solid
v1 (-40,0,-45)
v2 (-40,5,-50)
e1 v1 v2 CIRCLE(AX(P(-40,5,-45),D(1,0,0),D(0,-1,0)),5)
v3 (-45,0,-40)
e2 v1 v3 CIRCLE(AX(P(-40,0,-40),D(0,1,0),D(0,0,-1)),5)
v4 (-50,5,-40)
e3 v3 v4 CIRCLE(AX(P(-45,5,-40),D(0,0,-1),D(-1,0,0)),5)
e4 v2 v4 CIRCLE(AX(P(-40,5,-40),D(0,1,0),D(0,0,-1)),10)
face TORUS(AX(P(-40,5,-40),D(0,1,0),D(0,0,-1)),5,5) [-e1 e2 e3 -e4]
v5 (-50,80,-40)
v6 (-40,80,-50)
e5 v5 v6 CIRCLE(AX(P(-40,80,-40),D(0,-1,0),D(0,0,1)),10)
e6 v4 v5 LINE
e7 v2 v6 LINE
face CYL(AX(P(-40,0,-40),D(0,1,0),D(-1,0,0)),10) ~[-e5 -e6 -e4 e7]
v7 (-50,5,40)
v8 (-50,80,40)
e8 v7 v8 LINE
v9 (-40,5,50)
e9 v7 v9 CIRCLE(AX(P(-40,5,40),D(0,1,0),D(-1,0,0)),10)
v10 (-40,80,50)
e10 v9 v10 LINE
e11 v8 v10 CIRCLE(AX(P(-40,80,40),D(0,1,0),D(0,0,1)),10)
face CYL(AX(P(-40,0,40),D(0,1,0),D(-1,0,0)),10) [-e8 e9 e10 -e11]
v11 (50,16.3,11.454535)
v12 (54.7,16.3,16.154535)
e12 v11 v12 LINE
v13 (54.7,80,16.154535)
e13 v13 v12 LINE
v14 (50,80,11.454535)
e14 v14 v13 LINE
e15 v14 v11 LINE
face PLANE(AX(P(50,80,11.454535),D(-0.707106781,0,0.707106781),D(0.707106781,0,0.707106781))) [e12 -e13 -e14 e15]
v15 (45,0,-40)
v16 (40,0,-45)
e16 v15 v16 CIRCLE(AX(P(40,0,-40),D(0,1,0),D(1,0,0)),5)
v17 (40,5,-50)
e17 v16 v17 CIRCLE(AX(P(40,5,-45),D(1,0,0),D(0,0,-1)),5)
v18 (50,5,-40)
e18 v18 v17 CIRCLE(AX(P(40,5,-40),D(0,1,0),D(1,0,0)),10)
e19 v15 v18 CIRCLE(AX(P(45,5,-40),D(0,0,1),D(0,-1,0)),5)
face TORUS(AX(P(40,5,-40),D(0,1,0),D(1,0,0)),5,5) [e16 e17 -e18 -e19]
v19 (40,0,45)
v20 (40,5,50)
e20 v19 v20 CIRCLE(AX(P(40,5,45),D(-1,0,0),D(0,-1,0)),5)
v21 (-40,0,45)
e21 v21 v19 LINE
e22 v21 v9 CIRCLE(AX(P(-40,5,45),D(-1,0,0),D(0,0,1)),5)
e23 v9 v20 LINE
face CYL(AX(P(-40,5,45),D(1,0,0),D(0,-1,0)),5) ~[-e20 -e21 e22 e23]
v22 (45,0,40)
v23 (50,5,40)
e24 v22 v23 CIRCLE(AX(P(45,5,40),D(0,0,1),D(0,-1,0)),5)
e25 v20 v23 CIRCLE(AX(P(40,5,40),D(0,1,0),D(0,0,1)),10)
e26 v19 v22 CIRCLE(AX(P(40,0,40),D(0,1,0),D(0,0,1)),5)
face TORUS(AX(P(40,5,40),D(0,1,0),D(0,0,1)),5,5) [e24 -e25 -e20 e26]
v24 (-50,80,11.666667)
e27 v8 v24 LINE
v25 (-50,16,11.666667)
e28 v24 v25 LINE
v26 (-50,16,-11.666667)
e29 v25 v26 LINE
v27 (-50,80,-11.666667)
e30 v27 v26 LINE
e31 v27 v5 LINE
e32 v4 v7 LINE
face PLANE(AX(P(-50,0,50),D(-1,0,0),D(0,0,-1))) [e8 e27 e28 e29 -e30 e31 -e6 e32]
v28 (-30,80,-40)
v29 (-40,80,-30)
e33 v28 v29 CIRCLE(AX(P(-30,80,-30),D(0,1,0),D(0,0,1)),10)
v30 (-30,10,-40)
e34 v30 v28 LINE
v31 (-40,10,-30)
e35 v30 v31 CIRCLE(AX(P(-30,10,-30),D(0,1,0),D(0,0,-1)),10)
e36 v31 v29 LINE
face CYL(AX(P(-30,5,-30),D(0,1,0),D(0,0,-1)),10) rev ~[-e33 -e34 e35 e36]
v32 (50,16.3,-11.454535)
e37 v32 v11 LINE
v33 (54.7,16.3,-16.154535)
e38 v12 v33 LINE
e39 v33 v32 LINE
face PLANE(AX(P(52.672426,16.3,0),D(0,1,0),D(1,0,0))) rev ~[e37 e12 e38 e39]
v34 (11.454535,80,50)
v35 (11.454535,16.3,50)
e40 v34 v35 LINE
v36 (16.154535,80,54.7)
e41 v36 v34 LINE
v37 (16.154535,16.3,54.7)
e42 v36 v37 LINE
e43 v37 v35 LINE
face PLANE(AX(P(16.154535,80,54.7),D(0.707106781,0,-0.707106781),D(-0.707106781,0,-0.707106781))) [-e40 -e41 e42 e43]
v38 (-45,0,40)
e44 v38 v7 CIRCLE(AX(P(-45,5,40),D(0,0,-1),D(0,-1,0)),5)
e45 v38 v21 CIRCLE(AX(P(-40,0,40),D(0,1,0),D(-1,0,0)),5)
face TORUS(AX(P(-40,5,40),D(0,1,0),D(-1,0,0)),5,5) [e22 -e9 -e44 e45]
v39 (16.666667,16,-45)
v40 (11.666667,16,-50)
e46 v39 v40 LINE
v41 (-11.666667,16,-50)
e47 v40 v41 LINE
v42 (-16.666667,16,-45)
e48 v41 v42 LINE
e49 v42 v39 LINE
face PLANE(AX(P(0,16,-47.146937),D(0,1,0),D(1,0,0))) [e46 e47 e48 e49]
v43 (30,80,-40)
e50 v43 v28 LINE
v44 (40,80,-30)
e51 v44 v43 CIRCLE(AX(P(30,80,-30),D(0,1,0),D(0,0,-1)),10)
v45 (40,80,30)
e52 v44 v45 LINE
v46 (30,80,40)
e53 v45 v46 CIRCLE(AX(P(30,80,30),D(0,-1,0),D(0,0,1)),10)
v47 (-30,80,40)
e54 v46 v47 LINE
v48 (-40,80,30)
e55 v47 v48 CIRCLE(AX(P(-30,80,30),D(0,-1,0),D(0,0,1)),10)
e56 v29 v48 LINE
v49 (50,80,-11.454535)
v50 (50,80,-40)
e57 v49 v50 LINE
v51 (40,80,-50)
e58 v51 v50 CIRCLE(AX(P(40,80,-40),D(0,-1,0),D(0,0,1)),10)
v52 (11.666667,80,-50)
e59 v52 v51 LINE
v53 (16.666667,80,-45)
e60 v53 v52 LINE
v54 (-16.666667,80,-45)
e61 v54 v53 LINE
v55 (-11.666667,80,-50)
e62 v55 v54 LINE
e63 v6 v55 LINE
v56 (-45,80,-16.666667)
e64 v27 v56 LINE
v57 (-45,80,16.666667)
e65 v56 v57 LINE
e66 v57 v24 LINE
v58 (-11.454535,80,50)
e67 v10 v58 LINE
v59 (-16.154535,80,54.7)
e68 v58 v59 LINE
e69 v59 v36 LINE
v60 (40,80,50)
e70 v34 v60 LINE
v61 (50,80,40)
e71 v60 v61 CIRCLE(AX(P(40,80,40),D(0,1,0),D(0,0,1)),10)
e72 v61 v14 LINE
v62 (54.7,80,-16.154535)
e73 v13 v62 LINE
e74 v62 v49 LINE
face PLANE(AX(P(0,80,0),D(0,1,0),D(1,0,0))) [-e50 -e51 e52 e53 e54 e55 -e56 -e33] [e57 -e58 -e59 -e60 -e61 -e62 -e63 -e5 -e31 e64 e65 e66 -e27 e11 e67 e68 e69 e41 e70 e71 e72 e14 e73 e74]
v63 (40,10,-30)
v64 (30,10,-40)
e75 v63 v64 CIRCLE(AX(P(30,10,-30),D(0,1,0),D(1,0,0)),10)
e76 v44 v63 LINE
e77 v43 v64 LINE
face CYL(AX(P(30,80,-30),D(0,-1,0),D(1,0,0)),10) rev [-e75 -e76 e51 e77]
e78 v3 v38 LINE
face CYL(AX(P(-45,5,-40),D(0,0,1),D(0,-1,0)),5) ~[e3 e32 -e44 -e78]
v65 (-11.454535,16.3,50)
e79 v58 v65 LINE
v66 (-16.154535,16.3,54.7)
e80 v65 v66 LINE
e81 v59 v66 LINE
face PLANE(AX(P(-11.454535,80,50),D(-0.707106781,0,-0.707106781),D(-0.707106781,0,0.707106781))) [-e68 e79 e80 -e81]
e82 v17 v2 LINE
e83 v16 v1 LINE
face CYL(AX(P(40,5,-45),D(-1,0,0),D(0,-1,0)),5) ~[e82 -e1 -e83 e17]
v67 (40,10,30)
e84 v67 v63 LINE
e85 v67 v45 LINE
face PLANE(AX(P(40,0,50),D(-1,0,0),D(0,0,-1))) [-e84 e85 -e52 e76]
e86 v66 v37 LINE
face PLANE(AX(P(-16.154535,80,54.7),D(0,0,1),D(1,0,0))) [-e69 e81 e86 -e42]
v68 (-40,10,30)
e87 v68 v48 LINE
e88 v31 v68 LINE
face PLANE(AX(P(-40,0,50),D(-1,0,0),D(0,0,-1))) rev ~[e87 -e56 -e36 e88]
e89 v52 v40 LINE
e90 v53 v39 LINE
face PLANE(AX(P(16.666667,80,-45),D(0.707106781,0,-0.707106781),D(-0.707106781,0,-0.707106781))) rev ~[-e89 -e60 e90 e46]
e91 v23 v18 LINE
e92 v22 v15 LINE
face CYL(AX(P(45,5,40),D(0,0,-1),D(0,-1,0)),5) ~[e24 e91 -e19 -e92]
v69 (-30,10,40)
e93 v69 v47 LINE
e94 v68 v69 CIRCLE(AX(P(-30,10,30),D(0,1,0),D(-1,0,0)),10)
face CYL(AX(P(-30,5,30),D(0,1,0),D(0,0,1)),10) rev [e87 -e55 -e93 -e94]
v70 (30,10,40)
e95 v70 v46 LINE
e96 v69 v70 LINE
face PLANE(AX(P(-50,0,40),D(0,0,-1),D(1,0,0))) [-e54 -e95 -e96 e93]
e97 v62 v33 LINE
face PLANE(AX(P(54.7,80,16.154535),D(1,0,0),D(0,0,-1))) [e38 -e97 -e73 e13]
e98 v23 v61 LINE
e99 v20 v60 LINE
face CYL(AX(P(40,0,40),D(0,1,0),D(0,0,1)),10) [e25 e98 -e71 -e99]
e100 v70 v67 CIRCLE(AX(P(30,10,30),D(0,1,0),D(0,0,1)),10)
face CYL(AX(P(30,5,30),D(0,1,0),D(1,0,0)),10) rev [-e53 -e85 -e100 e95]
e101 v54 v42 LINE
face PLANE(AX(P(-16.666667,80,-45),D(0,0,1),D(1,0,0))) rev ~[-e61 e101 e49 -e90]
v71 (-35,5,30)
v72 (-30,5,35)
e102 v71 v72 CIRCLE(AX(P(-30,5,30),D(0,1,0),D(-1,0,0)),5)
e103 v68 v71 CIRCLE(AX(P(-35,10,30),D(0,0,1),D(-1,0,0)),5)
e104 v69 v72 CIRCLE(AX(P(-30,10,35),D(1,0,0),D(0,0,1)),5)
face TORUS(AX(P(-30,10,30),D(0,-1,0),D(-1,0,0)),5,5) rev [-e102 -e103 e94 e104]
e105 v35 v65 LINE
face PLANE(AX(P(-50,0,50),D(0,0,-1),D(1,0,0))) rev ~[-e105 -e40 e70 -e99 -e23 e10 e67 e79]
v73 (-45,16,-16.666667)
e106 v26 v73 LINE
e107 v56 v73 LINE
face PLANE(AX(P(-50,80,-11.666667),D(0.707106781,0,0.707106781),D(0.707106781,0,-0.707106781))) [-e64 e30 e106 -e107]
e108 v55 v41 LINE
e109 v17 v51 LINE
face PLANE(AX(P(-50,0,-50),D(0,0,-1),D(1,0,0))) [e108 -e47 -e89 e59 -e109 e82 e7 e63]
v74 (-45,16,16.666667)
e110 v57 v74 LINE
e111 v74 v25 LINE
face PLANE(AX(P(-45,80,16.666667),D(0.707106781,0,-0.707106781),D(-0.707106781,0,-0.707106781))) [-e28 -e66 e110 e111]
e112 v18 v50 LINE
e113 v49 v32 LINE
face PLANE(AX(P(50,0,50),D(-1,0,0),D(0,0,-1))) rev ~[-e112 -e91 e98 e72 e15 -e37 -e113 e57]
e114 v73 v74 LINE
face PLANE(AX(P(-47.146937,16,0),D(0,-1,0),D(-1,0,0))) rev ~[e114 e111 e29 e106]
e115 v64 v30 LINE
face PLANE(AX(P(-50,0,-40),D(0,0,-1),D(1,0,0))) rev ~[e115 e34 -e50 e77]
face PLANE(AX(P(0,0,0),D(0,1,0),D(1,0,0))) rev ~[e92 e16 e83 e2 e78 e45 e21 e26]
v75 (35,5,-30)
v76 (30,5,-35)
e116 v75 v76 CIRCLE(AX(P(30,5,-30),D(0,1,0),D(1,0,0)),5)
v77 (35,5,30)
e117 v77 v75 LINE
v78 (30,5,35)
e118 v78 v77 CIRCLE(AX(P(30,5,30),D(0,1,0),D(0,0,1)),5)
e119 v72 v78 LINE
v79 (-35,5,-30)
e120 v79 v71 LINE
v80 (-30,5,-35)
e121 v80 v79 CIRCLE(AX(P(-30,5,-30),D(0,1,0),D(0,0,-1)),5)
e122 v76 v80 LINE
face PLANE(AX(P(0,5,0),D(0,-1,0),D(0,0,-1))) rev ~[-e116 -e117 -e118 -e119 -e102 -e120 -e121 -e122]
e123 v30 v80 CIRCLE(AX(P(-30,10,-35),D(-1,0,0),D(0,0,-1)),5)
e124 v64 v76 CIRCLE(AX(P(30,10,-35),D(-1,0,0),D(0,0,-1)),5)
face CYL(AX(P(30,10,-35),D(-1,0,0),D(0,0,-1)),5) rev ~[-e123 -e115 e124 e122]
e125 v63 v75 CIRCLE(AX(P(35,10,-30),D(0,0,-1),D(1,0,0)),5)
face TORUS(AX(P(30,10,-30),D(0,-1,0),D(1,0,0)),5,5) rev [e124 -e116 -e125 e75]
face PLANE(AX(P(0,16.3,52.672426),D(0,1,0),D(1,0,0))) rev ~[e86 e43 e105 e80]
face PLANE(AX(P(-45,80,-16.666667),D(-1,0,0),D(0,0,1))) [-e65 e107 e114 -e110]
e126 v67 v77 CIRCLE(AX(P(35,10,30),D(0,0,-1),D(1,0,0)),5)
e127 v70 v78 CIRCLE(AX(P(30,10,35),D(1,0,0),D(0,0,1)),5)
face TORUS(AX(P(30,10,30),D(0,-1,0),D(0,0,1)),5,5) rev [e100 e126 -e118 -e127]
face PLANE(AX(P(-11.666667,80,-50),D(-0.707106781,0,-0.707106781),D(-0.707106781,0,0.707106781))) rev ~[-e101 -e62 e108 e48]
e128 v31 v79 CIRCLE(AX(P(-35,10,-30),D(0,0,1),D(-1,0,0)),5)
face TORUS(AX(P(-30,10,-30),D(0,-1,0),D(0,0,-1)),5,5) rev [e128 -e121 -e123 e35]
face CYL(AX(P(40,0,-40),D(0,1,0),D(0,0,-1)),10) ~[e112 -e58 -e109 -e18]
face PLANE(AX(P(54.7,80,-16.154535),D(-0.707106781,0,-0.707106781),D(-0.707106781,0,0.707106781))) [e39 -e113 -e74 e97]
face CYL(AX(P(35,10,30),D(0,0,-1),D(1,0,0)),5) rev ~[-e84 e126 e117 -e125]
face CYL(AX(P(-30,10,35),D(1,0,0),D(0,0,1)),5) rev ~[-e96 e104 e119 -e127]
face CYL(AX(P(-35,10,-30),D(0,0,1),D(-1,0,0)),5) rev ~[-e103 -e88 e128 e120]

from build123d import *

# Parameters (mm, degrees)
SKETCH1_W                 = 100
SKETCH1_H                 = 100
BOSS_EXTRUDE1_DEPTH       = 80
SHELL1_T                  = -10
SHELL1_THICKNESS_2_FACE_W = 80
SHELL1_THICKNESS_2_FACE_H = 80
SHELL1_THICKNESS_2_DEPTH  = 5
CUT_EXTRUDE1_DEPTH        = 64
BOSS_EXTRUDE2_DEPTH       = 63.7
CUT_EXTRUDE2_DEPTH        = 64
BOSS_EXTRUDE3_DEPTH       = 63.7
FILLET1_R                 = 10
FILLET2_R                 = 5


with BuildPart() as part:
    # Sketch1 → Boss-Extrude1 (new body)
    with BuildSketch(Plane(origin=(0, 0, 0), x_dir=(1, 0, 0), z_dir=(0, 1, 0))):
        Rectangle(SKETCH1_W, SKETCH1_H)
    extrude(amount=BOSS_EXTRUDE1_DEPTH)

    # Shell1
    shell1_openings = [part.faces().sort_by_distance(p)[0] for p in [
        (0, 80, 0),
    ]]
    offset(amount=SHELL1_T, openings=shell1_openings, kind=Kind.INTERSECTION)

    # Shell1 thickness 2 face (on inner face of the shell) → Shell1 thickness 2 (cut)
    with BuildSketch(Plane(origin=(0, 10, 0), x_dir=(0, 0, -1), z_dir=(0, -1, 0))):
        Rectangle(SHELL1_THICKNESS_2_FACE_W, SHELL1_THICKNESS_2_FACE_H)
    extrude(amount=SHELL1_THICKNESS_2_DEPTH, mode=Mode.SUBTRACT)

    # Sketch2 → Cut-Extrude1 (cut)
    with BuildSketch(Plane(origin=(0, 80, 0), x_dir=(1, 0, 0), z_dir=(0, 1, 0))):
        Polygon((-11.666666667, 50), (-16.666666667, 45), (16.666666667, 45), (11.666666667, 50), align=None)
    extrude(amount=-CUT_EXTRUDE1_DEPTH, mode=Mode.SUBTRACT)

    # Sketch3 → Boss-Extrude2 (add)
    with BuildSketch(Plane(origin=(0, 80, 0), x_dir=(1, 0, 0), z_dir=(0, 1, 0))):
        Polygon((-11.454534632, -50), (-16.154534632, -54.7), (16.154534632, -54.7), (11.454534632, -50), align=None)
    extrude(amount=-BOSS_EXTRUDE2_DEPTH)

    # Sketch4 → Cut-Extrude2 (cut)
    with BuildSketch(Plane(origin=(0, 80, 0), x_dir=(1, 0, 0), z_dir=(0, 1, 0))):
        Polygon((-45, 16.666666667), (-45, -16.666666667), (-50, -11.666666667), (-50, 11.666666667), align=None)
    extrude(amount=-CUT_EXTRUDE2_DEPTH, mode=Mode.SUBTRACT)

    # Sketch5 → Boss-Extrude3 (add)
    with BuildSketch(Plane(origin=(0, 80, 0), x_dir=(1, 0, 0), z_dir=(0, 1, 0))):
        Polygon((50, 11.454534632), (50, -11.454534632), (54.7, -16.154534632), (54.7, 16.154534632), align=None)
    extrude(amount=-BOSS_EXTRUDE3_DEPTH)

    # Fillet1
    fillet1_edges = [part.edges().sort_by_distance(p)[0] for p in [
        (40, 42.5, 40),
        (40, 42.5, -40),
        (-40, 42.5, -40),
        (-40, 42.5, 40),
        (50, 40, 50),
        (-50, 40, 50),
        (-50, 40, -50),
        (50, 40, -50),
    ]]
    fillet(fillet1_edges, radius=FILLET1_R)

    # Fillet2
    fillet2_edges = [part.edges().sort_by_distance(p)[0] for p in [
        (50, 0, 0),
        (0, 0, 50),
        (-50, 0, 0),
        (47.071067812, 0, 47.071067812),
        (-47.071067812, 0, 47.071067812),
        (-47.071067812, 0, -47.071067812),
        (47.071067812, 0, -47.071067812),
        (40, 5, 0),
        (0, 5, -40),
        (-40, 5, 0),
        (0, 5, 40),
        (37.071067812, 5, 37.071067812),
        (-37.071067812, 5, 37.071067812),
        (-37.071067812, 5, -37.071067812),
        (37.071067812, 5, -37.071067812),
        (0, 0, -50),
    ]]
    fillet(fillet2_edges, radius=FILLET2_R)


solid = part.part
